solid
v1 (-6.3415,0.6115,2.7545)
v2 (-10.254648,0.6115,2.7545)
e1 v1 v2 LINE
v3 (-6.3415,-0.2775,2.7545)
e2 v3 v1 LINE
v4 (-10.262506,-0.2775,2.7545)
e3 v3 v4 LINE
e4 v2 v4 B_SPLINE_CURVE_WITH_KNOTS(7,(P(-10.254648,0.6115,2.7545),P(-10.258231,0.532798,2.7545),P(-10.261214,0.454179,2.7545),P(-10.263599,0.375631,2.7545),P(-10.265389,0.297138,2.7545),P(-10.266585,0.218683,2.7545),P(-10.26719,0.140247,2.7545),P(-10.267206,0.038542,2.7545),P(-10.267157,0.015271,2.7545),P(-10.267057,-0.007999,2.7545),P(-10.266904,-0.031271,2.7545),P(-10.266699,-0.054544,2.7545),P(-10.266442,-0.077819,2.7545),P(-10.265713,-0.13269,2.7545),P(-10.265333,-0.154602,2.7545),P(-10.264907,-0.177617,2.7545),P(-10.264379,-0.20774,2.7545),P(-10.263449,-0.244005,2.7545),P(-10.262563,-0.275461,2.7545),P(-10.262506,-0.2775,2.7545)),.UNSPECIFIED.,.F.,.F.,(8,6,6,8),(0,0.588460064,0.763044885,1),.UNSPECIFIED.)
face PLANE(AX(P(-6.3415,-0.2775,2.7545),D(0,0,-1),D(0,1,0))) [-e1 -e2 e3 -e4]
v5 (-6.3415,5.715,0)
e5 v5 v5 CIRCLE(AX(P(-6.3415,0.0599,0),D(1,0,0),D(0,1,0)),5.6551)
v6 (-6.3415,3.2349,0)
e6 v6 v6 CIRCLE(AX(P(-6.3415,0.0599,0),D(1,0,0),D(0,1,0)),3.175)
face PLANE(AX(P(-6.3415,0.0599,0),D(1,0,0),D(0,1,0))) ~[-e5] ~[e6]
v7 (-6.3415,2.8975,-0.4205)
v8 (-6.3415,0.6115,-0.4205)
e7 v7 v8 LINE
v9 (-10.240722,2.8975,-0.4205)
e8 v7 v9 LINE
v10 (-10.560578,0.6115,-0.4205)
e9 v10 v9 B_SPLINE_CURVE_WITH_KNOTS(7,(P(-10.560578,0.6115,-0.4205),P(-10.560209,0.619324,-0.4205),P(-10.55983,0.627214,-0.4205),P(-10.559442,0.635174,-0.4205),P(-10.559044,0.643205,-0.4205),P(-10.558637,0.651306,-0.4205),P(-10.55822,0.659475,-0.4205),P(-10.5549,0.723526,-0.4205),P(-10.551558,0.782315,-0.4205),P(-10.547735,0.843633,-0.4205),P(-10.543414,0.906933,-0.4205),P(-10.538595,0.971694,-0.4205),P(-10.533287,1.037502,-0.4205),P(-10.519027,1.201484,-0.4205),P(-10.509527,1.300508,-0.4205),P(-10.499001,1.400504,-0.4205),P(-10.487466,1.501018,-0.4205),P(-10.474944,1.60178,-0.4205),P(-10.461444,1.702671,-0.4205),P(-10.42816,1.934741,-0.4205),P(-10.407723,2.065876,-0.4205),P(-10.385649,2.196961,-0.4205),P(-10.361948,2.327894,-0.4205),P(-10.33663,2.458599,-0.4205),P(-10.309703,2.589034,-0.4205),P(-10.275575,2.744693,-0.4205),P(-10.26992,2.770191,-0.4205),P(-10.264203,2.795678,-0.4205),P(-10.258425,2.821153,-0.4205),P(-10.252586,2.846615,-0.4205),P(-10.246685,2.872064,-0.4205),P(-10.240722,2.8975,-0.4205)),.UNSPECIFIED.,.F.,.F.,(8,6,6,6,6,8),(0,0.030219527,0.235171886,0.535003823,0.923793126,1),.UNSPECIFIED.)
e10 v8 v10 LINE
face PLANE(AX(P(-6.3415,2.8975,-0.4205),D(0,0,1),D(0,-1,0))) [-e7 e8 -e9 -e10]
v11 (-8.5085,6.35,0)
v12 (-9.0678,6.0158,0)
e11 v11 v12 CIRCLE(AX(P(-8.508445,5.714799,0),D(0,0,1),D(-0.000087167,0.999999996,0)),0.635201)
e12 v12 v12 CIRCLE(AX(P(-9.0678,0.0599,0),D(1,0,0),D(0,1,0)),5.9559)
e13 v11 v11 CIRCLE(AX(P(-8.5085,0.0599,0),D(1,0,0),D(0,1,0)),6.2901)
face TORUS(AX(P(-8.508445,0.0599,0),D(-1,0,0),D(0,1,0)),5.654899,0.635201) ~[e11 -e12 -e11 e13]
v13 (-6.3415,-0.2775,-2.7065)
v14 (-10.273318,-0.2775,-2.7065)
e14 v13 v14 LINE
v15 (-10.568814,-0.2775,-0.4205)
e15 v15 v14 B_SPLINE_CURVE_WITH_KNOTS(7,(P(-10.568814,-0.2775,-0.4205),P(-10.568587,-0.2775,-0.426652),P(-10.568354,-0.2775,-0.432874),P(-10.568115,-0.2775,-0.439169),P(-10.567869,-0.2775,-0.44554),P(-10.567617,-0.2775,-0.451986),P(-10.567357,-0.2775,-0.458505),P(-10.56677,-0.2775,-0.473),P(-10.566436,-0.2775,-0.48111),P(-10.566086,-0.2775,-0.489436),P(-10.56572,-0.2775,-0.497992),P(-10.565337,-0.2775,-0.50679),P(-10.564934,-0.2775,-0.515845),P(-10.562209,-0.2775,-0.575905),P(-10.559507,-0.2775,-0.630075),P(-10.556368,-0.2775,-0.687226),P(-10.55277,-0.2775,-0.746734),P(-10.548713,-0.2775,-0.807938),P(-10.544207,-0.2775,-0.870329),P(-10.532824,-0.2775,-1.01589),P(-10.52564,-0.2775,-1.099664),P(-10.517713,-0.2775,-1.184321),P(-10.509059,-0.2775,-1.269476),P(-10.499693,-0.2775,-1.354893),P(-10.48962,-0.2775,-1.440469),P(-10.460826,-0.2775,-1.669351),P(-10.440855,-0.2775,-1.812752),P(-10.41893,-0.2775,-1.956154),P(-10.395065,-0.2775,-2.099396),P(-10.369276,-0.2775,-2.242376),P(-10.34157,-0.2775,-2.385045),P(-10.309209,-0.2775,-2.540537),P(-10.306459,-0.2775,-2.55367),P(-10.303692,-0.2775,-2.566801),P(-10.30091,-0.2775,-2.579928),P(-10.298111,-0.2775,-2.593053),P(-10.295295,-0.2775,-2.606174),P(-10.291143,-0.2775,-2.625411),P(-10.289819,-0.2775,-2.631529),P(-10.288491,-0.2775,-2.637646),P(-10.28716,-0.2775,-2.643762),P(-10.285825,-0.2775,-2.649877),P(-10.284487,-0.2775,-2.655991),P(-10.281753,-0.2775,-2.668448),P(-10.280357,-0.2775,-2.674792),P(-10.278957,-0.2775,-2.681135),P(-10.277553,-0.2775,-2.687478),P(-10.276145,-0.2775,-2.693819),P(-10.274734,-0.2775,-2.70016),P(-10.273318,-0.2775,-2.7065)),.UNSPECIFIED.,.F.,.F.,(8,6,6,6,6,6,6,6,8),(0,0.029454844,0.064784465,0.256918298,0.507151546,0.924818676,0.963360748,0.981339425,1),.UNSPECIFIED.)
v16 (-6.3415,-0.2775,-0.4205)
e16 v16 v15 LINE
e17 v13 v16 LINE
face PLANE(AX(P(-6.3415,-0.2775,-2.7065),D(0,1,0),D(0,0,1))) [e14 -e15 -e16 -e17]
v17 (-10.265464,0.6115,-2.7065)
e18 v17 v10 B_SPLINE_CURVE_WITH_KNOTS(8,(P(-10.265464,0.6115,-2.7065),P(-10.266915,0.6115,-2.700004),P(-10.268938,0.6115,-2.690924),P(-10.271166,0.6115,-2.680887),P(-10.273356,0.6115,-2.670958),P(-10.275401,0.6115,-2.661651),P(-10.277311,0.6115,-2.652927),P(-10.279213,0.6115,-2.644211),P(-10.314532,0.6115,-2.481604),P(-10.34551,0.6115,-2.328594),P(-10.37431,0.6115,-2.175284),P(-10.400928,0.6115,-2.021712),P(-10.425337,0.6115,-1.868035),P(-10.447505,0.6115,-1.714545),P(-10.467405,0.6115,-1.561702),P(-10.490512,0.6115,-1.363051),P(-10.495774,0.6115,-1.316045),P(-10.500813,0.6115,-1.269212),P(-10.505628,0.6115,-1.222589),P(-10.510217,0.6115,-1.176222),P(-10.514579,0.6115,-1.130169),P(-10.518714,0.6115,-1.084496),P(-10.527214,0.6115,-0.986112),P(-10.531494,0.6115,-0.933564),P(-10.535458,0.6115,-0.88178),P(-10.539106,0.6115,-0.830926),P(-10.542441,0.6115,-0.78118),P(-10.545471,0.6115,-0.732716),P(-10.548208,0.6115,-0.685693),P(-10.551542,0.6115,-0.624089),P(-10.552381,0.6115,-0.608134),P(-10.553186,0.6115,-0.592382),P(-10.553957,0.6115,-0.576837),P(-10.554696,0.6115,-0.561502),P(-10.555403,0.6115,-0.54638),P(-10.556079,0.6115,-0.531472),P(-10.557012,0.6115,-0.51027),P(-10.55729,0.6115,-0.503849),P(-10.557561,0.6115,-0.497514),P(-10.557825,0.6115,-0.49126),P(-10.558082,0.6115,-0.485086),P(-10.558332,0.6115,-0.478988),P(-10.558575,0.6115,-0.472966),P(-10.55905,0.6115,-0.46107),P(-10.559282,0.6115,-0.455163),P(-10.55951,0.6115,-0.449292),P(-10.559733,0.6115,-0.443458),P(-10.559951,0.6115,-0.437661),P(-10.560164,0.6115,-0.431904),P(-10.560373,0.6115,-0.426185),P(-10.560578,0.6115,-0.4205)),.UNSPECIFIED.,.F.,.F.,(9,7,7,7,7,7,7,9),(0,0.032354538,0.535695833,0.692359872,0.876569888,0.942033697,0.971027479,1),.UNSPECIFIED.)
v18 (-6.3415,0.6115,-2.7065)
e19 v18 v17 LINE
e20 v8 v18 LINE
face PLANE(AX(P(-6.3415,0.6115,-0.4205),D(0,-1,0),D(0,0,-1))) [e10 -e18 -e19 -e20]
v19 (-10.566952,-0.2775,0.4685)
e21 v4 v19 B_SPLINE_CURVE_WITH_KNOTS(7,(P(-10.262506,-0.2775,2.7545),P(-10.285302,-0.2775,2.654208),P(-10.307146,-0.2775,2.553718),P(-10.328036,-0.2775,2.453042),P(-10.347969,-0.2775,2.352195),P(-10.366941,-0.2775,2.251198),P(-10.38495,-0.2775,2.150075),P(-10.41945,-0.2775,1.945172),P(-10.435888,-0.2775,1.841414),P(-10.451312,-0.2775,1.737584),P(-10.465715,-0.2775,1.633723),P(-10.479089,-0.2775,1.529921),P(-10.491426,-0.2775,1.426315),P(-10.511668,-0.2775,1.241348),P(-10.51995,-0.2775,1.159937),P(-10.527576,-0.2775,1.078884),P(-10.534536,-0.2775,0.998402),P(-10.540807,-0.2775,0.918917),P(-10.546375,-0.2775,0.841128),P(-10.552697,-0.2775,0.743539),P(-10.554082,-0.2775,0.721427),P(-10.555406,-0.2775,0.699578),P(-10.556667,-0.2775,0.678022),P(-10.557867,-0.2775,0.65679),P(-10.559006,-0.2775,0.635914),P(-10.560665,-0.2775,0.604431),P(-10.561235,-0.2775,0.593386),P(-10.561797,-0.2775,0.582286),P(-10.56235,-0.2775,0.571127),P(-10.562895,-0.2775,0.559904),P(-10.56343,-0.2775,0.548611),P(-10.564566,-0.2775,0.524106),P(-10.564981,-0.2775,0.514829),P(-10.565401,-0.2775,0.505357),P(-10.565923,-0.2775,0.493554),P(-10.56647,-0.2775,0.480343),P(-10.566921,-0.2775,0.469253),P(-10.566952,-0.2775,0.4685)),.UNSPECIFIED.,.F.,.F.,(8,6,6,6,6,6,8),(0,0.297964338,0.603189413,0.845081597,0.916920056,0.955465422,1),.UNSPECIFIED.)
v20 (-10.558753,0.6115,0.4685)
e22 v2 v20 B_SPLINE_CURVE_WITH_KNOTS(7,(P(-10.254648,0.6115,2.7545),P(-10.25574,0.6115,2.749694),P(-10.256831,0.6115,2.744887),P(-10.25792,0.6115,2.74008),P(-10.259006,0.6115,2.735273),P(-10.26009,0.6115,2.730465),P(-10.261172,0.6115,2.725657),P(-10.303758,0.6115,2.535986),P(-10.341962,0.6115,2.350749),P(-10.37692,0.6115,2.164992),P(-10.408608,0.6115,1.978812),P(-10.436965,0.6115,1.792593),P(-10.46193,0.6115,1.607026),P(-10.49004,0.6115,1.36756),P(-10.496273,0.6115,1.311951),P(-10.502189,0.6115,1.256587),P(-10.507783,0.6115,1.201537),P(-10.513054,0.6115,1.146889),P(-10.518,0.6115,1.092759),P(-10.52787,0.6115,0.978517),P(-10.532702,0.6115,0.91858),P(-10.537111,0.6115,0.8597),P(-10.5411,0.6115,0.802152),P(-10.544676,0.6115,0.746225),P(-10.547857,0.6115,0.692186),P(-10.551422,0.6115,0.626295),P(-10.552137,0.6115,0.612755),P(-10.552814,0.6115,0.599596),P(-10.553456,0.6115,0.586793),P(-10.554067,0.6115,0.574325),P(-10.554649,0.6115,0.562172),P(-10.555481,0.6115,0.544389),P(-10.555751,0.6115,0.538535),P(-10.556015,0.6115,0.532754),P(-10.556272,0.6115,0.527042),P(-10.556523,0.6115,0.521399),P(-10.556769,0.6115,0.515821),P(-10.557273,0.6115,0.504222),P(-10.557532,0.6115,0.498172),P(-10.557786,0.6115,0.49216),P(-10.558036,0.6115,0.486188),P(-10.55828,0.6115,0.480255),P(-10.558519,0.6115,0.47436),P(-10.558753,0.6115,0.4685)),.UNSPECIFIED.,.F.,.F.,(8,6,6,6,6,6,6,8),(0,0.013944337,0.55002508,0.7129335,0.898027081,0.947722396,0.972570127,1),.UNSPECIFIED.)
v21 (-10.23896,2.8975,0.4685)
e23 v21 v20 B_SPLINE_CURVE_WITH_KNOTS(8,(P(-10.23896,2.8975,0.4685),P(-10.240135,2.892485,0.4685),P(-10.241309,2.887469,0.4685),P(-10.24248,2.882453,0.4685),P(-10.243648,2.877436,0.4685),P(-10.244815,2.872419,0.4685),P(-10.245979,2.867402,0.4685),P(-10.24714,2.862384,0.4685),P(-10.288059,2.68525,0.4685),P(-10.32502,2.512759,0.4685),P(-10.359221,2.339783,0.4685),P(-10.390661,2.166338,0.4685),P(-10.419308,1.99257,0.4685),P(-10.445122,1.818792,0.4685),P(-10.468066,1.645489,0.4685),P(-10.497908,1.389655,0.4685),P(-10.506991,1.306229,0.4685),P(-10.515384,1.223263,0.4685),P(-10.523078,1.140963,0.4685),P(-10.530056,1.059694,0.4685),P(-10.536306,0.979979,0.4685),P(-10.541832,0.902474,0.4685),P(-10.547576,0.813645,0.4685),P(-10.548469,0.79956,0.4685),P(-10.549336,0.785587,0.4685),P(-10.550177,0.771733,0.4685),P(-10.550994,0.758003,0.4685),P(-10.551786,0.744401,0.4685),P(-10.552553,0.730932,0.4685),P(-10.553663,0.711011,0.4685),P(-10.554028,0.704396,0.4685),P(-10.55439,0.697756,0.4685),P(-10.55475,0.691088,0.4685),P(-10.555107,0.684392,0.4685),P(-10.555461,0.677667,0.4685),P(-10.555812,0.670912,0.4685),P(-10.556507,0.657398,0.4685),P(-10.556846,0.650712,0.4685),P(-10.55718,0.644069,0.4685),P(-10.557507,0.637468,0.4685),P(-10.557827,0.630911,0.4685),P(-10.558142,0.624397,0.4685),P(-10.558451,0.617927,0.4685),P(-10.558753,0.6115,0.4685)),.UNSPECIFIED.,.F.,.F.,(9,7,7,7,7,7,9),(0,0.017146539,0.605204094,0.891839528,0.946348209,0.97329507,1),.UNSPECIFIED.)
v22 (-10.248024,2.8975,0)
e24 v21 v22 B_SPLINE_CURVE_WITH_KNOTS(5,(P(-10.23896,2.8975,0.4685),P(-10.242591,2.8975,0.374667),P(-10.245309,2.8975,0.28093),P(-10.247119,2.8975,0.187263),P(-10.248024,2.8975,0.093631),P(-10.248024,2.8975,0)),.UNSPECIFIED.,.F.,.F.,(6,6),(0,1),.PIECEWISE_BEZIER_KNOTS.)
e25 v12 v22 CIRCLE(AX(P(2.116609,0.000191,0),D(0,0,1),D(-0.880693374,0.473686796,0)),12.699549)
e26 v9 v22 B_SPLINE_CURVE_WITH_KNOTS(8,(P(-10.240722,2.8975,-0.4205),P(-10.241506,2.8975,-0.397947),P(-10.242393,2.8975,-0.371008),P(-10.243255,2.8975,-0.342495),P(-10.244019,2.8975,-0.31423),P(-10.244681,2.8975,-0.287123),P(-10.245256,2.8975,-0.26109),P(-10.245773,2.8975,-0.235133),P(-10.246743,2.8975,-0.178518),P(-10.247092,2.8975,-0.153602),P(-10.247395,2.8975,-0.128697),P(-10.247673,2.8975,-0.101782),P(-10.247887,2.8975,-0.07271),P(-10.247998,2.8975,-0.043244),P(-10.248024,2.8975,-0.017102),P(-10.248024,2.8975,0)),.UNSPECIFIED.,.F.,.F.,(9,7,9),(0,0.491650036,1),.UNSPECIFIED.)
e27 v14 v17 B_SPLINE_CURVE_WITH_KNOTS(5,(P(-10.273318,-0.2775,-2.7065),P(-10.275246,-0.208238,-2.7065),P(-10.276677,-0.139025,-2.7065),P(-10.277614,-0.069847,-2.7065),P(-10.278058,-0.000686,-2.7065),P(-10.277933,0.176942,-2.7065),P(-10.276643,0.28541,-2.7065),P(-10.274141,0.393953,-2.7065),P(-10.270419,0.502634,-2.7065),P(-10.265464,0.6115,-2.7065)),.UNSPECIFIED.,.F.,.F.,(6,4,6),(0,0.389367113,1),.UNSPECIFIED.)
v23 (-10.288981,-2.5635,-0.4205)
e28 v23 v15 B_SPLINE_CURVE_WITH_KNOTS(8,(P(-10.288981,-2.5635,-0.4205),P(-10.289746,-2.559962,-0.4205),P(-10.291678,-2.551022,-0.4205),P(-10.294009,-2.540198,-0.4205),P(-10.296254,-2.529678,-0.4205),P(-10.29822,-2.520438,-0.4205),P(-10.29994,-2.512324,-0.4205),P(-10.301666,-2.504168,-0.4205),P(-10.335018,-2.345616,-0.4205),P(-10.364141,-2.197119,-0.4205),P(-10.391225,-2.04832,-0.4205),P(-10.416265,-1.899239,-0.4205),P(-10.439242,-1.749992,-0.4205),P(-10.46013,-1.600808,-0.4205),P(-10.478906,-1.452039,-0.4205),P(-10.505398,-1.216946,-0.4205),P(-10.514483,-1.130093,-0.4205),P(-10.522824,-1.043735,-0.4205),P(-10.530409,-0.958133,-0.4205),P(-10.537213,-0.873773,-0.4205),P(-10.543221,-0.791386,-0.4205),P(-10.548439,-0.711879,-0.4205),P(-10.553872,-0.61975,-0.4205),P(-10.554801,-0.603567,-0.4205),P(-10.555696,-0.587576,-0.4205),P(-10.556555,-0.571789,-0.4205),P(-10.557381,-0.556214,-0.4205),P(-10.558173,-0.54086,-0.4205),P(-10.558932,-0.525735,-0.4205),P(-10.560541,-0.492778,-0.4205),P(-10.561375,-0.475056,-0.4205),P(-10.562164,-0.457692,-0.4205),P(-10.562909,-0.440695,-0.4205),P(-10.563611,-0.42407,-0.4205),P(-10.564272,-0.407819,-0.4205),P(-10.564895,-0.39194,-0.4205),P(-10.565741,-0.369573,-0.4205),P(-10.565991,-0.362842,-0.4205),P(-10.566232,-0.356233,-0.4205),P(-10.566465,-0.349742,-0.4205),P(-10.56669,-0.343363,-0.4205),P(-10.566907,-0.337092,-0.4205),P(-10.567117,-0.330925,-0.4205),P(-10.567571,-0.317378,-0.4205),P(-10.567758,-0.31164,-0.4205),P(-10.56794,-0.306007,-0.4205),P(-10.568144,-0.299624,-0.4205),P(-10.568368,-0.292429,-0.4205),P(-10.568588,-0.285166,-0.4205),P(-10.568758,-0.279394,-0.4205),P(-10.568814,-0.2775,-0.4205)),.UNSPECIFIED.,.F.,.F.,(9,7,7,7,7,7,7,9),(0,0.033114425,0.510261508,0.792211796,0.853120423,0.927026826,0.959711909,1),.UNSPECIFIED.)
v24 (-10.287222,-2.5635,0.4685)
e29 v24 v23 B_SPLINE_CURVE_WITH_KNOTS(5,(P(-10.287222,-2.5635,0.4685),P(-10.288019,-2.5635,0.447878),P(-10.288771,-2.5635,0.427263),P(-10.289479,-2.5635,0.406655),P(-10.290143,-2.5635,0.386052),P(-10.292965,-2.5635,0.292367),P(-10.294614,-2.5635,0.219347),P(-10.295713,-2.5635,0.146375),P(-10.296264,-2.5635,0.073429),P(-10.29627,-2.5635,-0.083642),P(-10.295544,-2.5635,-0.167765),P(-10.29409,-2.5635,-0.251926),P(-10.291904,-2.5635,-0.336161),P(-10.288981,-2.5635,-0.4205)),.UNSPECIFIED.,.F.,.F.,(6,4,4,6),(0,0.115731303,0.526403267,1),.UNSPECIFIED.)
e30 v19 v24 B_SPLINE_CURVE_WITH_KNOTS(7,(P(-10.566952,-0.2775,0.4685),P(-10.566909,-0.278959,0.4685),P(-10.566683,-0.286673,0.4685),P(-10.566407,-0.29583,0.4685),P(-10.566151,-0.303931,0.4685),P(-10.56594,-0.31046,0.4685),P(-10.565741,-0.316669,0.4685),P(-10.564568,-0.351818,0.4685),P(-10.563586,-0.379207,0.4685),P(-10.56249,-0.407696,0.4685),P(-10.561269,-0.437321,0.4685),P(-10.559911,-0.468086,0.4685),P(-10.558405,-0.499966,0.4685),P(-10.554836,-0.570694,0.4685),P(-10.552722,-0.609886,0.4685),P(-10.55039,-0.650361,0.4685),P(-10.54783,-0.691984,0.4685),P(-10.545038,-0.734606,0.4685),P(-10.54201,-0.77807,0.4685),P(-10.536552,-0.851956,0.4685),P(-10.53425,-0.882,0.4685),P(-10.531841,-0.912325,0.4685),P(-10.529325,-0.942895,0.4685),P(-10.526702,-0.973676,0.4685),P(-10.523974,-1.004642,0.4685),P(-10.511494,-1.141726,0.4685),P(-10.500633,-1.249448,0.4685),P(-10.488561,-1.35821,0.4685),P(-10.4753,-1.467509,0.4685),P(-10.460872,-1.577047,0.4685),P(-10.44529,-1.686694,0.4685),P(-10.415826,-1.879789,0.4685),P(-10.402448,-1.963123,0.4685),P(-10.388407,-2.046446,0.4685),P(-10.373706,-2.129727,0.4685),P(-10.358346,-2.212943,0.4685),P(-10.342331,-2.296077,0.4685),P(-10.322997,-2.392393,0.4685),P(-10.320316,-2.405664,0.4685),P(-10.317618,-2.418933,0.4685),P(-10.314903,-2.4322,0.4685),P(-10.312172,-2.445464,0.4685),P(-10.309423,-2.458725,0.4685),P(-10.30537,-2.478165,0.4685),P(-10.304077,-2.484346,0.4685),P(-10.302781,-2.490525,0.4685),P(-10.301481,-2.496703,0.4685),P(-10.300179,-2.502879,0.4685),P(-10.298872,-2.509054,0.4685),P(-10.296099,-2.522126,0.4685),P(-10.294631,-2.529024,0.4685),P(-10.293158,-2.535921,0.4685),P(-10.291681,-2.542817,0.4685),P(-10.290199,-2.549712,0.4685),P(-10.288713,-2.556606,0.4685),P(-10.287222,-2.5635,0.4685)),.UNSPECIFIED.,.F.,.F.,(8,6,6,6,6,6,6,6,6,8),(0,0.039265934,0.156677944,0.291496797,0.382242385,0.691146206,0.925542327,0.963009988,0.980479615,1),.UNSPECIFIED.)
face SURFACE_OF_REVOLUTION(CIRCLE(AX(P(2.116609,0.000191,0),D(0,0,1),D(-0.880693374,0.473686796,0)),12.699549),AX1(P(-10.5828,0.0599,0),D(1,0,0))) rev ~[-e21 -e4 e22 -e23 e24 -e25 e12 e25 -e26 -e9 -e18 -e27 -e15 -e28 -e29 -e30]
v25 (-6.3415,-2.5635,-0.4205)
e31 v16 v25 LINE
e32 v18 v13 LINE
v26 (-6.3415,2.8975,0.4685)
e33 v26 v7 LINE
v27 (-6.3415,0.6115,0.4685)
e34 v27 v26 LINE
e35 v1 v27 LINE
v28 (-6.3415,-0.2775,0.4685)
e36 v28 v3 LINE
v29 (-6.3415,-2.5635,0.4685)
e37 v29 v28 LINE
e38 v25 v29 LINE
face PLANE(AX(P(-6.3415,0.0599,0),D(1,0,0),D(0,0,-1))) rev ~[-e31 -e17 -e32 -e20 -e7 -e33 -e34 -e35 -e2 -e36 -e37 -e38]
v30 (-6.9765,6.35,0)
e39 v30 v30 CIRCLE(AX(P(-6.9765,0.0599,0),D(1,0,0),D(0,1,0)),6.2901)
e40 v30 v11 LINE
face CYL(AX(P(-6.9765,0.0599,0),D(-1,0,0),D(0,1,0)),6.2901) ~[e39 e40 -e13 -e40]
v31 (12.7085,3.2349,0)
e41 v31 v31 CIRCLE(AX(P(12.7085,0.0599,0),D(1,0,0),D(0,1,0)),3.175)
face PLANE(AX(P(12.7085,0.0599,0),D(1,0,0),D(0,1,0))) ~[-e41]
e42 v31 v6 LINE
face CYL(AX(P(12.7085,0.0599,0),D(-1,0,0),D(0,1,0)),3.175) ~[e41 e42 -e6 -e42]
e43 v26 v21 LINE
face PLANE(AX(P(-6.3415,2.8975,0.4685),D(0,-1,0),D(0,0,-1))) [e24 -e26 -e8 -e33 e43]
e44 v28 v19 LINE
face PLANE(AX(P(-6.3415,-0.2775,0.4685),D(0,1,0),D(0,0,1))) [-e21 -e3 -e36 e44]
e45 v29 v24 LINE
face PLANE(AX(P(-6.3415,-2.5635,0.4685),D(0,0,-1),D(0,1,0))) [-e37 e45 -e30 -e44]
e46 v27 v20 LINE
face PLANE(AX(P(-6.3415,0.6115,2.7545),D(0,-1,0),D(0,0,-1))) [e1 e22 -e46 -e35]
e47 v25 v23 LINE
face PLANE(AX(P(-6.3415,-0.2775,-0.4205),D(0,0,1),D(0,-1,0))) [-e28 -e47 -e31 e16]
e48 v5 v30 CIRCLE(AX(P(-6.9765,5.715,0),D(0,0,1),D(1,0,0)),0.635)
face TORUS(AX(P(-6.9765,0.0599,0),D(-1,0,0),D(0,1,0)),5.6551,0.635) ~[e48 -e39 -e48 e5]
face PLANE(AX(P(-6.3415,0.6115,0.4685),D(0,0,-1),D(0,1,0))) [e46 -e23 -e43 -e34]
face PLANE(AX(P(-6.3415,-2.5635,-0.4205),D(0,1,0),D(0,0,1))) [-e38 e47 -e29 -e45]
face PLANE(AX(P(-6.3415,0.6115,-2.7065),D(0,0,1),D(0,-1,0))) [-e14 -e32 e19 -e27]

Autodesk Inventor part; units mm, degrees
ref_plane "YZ Plane" through (0, 0, 0) normal (1, 0, 0) x (0, 1, 0)
ref_plane "XZ Plane" through (0, 0, 0) normal (0, 1, 0) x (-1, 0, 0)
ref_plane "XY Plane" through (0, 0, 0) normal (0, 0, 1) x (1, 0, 0)
sketch "Sketch1" plane through (0, 0, 0) normal (0, 0, 1) x (1, 0, 0)
  line L0 (-10.5828, 0.0599) -> (12.7085, 0.0599)
  line L1 (12.7085, 0.0599) -> (12.7085, 3.2349)
  line L2 (12.7085, 3.2349) -> (-6.3415, 3.2349)
  line L3 (-6.3415, 3.2349) -> (-6.3415, 5.715)
  line L4 (-6.9765, 6.35) -> (-8.5085, 6.35)
  arc A0 (-9.0678, 6.0158) -> (-10.5828, 0.0599) centre (2.1171, 0) ccw
  arc A1 (-6.3415, 5.715) -> (-6.9765, 6.35) centre (-6.9765, 5.715) ccw
  arc A2 (-8.5085, 6.35) -> (-9.0678, 6.0158) centre (-8.5085, 5.715) ccw
  point P0 (-6.3415, 6.35)
  dimension "d1" = 3.175
  dimension "d3" = 19.05
  dimension "d6" = 12.7
  dimension "d8" = 0.635
revolve "Revolution1" add sketch "Sketch1" angle 360 about axis through (-10.5828, 0.0599, 0) along (1, 0, 0)
thread "Thread1" size "1/4-20 UNC" class "2A" standard "ANSI Unified Screw Threads" full length
sketch "Sketch2" plane through (-6.3415, 0.0599, 0) normal (1, 0, 0) x (0, 0, -1)
  line L0 (0.4205, -2.6234) -> (-0.4685, -2.6234)
  line L1 (-0.4685, -2.6234) -> (-0.4685, 2.8376)
  line L2 (-0.4685, 2.8376) -> (0.4205, 2.8376)
  line L3 (0.4205, 2.8376) -> (0.4205, -2.6234)
  line L4 (2.7065, -0.3374) -> (-2.7545, -0.3374)
  line L5 (-2.7545, -0.3374) -> (-2.7545, 0.5516)
  line L6 (-2.7545, 0.5516) -> (2.7065, 0.5516)
  line L7 (2.7065, 0.5516) -> (2.7065, -0.3374)
  dimension "d12" = 0.889
  dimension "d13" = 0.889
  dimension "d20" = 2.286
  dimension "d21" = 2.286
  dimension "d22" = 2.286
  dimension "d23" = 2.286
extrude "Extrusion1" cut sketch "Sketch2" against normal blind 4.445
properties part number "HW-00015"
